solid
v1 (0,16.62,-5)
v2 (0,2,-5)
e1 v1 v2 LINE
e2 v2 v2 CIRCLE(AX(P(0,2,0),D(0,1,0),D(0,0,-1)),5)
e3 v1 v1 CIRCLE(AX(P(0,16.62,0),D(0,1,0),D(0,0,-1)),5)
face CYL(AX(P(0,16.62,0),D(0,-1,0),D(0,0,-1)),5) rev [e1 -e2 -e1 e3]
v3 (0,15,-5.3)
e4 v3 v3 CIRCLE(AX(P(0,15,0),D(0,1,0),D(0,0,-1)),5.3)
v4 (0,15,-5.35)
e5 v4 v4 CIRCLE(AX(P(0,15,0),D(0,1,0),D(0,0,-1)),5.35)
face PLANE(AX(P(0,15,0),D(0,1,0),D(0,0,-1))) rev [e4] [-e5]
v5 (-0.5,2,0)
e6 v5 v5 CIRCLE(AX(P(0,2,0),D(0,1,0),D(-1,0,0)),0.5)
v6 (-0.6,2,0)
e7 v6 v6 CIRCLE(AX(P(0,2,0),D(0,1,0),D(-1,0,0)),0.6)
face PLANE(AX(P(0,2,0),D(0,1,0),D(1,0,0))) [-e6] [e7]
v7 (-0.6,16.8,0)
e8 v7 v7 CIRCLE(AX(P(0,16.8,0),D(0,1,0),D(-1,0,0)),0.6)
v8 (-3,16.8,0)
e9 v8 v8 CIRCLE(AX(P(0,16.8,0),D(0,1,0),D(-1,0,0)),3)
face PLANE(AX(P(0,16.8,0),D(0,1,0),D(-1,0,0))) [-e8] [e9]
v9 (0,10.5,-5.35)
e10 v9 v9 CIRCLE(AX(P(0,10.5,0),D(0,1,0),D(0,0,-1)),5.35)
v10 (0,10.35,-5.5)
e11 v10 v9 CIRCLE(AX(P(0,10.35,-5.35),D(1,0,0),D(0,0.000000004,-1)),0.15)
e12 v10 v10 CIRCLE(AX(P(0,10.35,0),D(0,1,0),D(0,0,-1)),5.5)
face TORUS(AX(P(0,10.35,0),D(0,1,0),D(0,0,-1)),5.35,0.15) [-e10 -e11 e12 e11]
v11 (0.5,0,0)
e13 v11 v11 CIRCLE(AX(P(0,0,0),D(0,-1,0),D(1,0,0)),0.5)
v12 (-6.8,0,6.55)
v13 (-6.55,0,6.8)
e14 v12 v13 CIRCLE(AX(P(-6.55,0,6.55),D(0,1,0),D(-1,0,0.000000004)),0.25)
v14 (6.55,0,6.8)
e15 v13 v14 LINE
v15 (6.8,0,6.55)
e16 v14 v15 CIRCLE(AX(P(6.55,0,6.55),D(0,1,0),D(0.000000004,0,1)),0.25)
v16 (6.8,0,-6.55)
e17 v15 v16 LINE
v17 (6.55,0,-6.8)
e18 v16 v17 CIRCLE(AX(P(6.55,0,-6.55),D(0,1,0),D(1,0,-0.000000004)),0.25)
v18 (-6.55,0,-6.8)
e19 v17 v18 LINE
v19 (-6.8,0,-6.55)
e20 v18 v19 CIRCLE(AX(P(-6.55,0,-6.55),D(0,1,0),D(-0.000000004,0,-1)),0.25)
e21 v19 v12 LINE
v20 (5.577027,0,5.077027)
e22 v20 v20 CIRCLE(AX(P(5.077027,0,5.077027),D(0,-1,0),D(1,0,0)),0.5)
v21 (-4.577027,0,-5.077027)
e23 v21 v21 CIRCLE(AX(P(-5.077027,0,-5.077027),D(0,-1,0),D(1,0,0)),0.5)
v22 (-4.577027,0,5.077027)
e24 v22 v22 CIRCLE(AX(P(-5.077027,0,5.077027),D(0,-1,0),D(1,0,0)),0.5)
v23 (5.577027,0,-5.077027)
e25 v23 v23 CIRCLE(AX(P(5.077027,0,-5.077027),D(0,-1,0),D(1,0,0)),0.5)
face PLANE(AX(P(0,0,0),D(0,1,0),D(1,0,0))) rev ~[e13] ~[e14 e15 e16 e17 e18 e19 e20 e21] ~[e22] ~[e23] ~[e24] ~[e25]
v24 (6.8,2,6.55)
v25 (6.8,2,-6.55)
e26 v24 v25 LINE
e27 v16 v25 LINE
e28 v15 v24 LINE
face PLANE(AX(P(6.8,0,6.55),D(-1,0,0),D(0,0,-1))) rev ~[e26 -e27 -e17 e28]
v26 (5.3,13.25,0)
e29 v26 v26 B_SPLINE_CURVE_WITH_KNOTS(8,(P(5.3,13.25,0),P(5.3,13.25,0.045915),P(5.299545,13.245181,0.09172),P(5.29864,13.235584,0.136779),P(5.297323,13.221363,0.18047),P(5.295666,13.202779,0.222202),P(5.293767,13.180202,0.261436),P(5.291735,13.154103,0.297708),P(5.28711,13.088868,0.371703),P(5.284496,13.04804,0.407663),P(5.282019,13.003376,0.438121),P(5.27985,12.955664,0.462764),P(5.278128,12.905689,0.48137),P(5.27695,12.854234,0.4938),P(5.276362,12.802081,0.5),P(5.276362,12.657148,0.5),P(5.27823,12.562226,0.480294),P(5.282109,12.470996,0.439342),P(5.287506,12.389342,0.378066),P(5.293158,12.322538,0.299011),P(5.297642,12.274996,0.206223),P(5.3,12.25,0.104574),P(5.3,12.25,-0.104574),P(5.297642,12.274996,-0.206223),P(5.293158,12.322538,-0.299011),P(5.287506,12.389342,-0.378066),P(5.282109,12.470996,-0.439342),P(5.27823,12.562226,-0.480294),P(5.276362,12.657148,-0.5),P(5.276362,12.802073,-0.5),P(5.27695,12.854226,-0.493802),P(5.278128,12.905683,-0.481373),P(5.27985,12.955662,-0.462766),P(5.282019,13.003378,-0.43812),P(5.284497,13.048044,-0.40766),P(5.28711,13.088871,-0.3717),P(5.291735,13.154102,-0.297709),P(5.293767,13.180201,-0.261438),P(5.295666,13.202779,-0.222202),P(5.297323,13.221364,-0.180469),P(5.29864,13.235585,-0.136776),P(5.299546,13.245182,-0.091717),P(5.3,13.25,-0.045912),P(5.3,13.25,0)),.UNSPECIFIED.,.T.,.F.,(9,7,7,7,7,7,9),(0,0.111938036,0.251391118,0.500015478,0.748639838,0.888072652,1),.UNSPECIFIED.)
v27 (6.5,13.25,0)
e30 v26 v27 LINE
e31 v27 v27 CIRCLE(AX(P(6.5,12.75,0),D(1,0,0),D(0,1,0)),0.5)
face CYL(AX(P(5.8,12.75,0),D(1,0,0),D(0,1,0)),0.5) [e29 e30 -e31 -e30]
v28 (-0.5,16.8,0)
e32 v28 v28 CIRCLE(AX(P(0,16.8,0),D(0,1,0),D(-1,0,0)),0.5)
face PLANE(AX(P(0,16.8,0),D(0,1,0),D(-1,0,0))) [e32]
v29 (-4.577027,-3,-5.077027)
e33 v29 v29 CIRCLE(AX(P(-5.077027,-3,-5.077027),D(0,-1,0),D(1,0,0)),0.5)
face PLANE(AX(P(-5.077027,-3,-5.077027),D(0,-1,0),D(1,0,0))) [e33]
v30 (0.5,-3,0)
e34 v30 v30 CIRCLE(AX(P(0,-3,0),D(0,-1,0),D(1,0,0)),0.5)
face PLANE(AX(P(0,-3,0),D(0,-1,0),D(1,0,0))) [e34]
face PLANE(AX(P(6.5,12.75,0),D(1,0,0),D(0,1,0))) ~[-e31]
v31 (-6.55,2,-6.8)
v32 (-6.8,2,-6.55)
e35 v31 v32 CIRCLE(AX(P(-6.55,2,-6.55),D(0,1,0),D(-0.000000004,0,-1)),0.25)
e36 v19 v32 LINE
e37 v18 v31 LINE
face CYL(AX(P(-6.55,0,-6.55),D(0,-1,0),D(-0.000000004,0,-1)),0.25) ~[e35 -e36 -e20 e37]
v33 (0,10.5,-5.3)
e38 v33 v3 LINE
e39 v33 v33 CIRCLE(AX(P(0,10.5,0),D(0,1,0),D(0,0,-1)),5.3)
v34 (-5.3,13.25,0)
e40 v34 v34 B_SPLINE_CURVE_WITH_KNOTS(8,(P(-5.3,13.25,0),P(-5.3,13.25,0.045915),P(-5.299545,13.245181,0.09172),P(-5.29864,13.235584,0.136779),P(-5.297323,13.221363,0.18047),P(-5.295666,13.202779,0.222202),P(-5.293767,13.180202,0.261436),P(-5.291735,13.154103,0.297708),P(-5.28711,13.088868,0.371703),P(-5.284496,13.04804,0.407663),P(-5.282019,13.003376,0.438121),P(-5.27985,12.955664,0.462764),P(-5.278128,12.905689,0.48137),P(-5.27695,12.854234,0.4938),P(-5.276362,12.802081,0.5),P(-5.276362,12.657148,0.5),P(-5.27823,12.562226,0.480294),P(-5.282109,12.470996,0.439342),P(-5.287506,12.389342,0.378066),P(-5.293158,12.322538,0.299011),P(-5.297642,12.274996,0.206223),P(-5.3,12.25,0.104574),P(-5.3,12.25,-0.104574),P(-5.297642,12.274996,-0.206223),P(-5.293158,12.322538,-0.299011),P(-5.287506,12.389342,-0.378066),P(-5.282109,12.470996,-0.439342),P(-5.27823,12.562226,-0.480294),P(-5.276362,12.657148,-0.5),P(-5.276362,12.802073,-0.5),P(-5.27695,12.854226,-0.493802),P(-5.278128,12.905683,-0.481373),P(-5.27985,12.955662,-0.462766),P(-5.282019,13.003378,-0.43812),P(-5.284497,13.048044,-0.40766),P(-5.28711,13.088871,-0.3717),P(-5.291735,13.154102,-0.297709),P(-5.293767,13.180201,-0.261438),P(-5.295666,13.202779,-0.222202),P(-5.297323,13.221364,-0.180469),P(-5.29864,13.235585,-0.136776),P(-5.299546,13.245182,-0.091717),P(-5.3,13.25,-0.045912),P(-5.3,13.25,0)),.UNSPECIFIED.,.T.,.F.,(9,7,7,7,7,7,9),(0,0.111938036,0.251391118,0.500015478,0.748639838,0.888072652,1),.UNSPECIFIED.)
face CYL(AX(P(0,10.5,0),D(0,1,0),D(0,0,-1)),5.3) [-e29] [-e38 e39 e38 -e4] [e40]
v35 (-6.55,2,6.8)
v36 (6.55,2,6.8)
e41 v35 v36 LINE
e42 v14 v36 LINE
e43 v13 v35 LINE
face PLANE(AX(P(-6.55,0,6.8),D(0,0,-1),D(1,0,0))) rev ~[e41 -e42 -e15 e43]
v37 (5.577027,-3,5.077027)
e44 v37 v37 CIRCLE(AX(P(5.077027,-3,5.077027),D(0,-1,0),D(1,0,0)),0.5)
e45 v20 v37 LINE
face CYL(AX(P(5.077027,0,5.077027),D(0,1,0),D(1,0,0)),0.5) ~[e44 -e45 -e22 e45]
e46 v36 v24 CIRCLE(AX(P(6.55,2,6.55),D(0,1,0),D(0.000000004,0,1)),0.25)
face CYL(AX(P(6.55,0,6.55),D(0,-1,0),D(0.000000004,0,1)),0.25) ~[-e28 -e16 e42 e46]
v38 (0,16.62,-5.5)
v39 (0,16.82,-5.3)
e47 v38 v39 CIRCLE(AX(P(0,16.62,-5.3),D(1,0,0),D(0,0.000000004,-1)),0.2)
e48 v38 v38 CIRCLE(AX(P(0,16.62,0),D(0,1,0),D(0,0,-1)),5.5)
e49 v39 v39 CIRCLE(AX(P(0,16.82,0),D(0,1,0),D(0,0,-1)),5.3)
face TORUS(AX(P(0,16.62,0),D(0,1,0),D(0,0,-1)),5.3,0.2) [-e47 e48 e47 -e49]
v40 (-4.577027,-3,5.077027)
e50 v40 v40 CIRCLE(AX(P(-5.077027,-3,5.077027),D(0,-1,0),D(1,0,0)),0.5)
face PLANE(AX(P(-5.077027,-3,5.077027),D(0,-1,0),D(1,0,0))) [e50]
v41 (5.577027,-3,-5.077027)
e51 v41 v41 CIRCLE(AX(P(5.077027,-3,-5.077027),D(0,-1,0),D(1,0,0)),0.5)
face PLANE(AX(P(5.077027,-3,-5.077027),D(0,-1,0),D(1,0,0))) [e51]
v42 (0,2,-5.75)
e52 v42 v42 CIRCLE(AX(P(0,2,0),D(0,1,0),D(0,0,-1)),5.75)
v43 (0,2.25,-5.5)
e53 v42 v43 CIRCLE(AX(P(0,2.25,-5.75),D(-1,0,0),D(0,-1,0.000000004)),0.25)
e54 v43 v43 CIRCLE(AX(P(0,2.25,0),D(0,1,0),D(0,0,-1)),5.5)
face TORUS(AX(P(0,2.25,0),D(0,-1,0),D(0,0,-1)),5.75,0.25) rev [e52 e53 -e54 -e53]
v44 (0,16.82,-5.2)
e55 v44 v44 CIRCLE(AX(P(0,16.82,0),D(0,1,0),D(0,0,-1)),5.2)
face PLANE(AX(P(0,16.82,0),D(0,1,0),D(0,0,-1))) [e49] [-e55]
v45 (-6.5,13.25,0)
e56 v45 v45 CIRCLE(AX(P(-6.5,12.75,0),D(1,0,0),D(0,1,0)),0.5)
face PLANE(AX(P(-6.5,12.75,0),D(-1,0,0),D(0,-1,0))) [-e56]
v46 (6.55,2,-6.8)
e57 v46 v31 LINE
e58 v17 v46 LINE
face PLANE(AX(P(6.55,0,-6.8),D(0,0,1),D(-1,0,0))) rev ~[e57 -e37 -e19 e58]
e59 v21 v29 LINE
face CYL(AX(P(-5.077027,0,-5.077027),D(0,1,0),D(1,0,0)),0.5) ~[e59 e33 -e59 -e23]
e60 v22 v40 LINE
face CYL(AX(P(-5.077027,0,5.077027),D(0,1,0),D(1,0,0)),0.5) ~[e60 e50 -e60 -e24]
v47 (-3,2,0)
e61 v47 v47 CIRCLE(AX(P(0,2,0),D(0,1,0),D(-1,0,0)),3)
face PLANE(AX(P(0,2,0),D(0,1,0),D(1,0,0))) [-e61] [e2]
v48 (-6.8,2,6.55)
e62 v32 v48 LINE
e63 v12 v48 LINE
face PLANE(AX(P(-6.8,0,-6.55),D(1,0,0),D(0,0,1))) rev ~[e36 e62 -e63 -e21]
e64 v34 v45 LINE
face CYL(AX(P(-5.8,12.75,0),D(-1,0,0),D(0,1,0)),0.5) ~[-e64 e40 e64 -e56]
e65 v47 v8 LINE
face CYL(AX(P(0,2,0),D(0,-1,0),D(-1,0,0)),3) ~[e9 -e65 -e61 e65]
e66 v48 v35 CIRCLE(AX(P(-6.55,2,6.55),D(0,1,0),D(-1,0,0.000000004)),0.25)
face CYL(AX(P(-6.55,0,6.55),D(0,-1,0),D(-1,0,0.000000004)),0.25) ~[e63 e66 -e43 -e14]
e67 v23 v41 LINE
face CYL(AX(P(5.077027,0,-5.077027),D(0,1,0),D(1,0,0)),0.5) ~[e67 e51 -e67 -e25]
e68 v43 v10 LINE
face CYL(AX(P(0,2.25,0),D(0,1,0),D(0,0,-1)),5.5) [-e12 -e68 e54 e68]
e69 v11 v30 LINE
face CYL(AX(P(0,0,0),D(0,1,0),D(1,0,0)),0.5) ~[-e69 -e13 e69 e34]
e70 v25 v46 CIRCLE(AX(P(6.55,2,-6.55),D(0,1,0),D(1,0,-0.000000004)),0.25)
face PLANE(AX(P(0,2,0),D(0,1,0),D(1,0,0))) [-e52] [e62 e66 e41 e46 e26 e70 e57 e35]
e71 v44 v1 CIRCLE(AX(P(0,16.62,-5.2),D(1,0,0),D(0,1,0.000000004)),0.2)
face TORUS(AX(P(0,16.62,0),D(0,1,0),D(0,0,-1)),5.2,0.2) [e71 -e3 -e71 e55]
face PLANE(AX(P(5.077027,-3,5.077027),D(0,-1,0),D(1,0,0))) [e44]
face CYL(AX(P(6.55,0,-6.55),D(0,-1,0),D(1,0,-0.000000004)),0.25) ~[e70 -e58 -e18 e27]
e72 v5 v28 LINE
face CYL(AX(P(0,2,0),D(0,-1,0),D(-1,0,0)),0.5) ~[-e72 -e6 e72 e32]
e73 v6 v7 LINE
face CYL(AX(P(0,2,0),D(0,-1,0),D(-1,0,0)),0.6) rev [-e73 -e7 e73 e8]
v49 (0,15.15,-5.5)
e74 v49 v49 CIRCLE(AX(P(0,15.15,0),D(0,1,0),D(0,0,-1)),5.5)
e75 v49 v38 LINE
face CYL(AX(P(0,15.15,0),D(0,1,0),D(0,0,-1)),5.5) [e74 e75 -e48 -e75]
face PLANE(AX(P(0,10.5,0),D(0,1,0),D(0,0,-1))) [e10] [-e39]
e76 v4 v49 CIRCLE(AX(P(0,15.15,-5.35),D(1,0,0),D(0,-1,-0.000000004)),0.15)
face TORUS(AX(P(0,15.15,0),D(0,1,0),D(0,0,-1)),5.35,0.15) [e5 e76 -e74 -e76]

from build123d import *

# Parameters (mm, degrees)
BASE_EXTRUDE_DEPTH  = 2
SKETCH4_R           = 0.5
BOSS_EXTRUDE1_DEPTH = 14.8
SKETCH5_R           = 3
SKETCH5_R_2         = 0.6
BOSS_EXTRUDE2_DEPTH = 14.8
SKETCH6_R           = 0.5
BOSS_EXTRUDE3_DEPTH = 3
SKETCH7_W           = 1.4
SKETCH7_H           = 0.5


with BuildPart() as part:
    # Sketch1 → Base-Extrude (new body)
    with BuildSketch(Plane(origin=(0, 0, 0), x_dir=(1, 0, 0), z_dir=(0, 1, 0))):
        with BuildLine():
            Line((-6.55, -6.8), (6.55, -6.8))
            ThreePointArc((6.55, -6.8), (6.726776695, -6.726776695), (6.8, -6.55))
            Line((6.8, -6.55), (6.8, 6.55))
            ThreePointArc((6.8, 6.55), (6.726776695, 6.726776695), (6.55, 6.8))
            Line((6.55, 6.8), (-6.55, 6.8))
            ThreePointArc((-6.55, 6.8), (-6.726776695, 6.726776695), (-6.8, 6.55))
            Line((-6.8, 6.55), (-6.8, -6.55))
            ThreePointArc((-6.8, -6.55), (-6.726776695, -6.726776695), (-6.55, -6.8))
        make_face()
    extrude(amount=BASE_EXTRUDE_DEPTH)

    # Sketch3 → Boss-Revolve1 (revolve)
    with BuildSketch(Plane(origin=(0, 0, 0), x_dir=(0, 0, -1), z_dir=(1, 0, 0))):
        with BuildLine():
            Line((5.5, 2.25), (5.5, 10.35))
            ThreePointArc((5.5, 10.35), (5.456066017, 10.456066017), (5.35, 10.5))
            Line((5.35, 10.5), (5.3, 10.5))
            Line((5.3, 10.5), (5.3, 15))
            Line((5.3, 15), (5.35, 15))
            ThreePointArc((5.35, 15), (5.456066017, 15.043933983), (5.5, 15.15))
            Line((5.5, 15.15), (5.5, 16.62))
            ThreePointArc((5.5, 16.62), (5.441421356, 16.761421356), (5.3, 16.82))
            Line((5.3, 16.82), (5.2, 16.82))
            ThreePointArc((5.2, 16.82), (5.058578644, 16.761421356), (5, 16.62))
            Line((5, 16.62), (5, 2))
            Line((5, 2), (5.75, 2))
            ThreePointArc((5.75, 2), (5.573223305, 2.073223305), (5.5, 2.25))
        make_face()
    revolve(axis=Axis((0, 0, 0), (0, 1, 0)))

    # Sketch4 → Boss-Extrude1 (add)
    with BuildSketch(Plane(origin=(0, 2, 0), x_dir=(-1, 0, 0), z_dir=(0, 1, 0))):
        Circle(SKETCH4_R)
    extrude(amount=BOSS_EXTRUDE1_DEPTH)

    # Sketch5 → Boss-Extrude2 (add)
    with BuildSketch(Plane(origin=(0, 2, 0), x_dir=(-1, 0, 0), z_dir=(0, 1, 0))):
        Circle(SKETCH5_R)
        Circle(SKETCH5_R_2, mode=Mode.SUBTRACT)
    extrude(amount=BOSS_EXTRUDE2_DEPTH)

    # Sketch6 → Boss-Extrude3 (add)
    with BuildSketch(Plane.XZ):
        Circle(SKETCH6_R)
        with Locations((5.077026689, -5.077026689)):
            Circle(SKETCH6_R)
        with Locations((-5.077026689, -5.077026689)):
            Circle(SKETCH6_R)
        with Locations((5.077026689, 5.077026689)):
            Circle(SKETCH6_R)
        with Locations((-5.077026689, 5.077026689)):
            Circle(SKETCH6_R)
    extrude(amount=BOSS_EXTRUDE3_DEPTH)

    # Sketch7 → Boss-Revolve2 (revolve)
    with BuildSketch(Plane.XY):
        with Locations((5.8, 13)):
            Rectangle(SKETCH7_W, SKETCH7_H)
    boss_revolve2 = revolve(axis=Axis((-7.950895197, 12.75, 0), (1, 0, 0)))

    # Mirror1: Boss-Revolve2 across plane
    add(boss_revolve2.mirror(Plane(origin=(0, 0, 0), x_dir=(0, 0, 1), z_dir=(1, 0, 0))))


solid = part.part
